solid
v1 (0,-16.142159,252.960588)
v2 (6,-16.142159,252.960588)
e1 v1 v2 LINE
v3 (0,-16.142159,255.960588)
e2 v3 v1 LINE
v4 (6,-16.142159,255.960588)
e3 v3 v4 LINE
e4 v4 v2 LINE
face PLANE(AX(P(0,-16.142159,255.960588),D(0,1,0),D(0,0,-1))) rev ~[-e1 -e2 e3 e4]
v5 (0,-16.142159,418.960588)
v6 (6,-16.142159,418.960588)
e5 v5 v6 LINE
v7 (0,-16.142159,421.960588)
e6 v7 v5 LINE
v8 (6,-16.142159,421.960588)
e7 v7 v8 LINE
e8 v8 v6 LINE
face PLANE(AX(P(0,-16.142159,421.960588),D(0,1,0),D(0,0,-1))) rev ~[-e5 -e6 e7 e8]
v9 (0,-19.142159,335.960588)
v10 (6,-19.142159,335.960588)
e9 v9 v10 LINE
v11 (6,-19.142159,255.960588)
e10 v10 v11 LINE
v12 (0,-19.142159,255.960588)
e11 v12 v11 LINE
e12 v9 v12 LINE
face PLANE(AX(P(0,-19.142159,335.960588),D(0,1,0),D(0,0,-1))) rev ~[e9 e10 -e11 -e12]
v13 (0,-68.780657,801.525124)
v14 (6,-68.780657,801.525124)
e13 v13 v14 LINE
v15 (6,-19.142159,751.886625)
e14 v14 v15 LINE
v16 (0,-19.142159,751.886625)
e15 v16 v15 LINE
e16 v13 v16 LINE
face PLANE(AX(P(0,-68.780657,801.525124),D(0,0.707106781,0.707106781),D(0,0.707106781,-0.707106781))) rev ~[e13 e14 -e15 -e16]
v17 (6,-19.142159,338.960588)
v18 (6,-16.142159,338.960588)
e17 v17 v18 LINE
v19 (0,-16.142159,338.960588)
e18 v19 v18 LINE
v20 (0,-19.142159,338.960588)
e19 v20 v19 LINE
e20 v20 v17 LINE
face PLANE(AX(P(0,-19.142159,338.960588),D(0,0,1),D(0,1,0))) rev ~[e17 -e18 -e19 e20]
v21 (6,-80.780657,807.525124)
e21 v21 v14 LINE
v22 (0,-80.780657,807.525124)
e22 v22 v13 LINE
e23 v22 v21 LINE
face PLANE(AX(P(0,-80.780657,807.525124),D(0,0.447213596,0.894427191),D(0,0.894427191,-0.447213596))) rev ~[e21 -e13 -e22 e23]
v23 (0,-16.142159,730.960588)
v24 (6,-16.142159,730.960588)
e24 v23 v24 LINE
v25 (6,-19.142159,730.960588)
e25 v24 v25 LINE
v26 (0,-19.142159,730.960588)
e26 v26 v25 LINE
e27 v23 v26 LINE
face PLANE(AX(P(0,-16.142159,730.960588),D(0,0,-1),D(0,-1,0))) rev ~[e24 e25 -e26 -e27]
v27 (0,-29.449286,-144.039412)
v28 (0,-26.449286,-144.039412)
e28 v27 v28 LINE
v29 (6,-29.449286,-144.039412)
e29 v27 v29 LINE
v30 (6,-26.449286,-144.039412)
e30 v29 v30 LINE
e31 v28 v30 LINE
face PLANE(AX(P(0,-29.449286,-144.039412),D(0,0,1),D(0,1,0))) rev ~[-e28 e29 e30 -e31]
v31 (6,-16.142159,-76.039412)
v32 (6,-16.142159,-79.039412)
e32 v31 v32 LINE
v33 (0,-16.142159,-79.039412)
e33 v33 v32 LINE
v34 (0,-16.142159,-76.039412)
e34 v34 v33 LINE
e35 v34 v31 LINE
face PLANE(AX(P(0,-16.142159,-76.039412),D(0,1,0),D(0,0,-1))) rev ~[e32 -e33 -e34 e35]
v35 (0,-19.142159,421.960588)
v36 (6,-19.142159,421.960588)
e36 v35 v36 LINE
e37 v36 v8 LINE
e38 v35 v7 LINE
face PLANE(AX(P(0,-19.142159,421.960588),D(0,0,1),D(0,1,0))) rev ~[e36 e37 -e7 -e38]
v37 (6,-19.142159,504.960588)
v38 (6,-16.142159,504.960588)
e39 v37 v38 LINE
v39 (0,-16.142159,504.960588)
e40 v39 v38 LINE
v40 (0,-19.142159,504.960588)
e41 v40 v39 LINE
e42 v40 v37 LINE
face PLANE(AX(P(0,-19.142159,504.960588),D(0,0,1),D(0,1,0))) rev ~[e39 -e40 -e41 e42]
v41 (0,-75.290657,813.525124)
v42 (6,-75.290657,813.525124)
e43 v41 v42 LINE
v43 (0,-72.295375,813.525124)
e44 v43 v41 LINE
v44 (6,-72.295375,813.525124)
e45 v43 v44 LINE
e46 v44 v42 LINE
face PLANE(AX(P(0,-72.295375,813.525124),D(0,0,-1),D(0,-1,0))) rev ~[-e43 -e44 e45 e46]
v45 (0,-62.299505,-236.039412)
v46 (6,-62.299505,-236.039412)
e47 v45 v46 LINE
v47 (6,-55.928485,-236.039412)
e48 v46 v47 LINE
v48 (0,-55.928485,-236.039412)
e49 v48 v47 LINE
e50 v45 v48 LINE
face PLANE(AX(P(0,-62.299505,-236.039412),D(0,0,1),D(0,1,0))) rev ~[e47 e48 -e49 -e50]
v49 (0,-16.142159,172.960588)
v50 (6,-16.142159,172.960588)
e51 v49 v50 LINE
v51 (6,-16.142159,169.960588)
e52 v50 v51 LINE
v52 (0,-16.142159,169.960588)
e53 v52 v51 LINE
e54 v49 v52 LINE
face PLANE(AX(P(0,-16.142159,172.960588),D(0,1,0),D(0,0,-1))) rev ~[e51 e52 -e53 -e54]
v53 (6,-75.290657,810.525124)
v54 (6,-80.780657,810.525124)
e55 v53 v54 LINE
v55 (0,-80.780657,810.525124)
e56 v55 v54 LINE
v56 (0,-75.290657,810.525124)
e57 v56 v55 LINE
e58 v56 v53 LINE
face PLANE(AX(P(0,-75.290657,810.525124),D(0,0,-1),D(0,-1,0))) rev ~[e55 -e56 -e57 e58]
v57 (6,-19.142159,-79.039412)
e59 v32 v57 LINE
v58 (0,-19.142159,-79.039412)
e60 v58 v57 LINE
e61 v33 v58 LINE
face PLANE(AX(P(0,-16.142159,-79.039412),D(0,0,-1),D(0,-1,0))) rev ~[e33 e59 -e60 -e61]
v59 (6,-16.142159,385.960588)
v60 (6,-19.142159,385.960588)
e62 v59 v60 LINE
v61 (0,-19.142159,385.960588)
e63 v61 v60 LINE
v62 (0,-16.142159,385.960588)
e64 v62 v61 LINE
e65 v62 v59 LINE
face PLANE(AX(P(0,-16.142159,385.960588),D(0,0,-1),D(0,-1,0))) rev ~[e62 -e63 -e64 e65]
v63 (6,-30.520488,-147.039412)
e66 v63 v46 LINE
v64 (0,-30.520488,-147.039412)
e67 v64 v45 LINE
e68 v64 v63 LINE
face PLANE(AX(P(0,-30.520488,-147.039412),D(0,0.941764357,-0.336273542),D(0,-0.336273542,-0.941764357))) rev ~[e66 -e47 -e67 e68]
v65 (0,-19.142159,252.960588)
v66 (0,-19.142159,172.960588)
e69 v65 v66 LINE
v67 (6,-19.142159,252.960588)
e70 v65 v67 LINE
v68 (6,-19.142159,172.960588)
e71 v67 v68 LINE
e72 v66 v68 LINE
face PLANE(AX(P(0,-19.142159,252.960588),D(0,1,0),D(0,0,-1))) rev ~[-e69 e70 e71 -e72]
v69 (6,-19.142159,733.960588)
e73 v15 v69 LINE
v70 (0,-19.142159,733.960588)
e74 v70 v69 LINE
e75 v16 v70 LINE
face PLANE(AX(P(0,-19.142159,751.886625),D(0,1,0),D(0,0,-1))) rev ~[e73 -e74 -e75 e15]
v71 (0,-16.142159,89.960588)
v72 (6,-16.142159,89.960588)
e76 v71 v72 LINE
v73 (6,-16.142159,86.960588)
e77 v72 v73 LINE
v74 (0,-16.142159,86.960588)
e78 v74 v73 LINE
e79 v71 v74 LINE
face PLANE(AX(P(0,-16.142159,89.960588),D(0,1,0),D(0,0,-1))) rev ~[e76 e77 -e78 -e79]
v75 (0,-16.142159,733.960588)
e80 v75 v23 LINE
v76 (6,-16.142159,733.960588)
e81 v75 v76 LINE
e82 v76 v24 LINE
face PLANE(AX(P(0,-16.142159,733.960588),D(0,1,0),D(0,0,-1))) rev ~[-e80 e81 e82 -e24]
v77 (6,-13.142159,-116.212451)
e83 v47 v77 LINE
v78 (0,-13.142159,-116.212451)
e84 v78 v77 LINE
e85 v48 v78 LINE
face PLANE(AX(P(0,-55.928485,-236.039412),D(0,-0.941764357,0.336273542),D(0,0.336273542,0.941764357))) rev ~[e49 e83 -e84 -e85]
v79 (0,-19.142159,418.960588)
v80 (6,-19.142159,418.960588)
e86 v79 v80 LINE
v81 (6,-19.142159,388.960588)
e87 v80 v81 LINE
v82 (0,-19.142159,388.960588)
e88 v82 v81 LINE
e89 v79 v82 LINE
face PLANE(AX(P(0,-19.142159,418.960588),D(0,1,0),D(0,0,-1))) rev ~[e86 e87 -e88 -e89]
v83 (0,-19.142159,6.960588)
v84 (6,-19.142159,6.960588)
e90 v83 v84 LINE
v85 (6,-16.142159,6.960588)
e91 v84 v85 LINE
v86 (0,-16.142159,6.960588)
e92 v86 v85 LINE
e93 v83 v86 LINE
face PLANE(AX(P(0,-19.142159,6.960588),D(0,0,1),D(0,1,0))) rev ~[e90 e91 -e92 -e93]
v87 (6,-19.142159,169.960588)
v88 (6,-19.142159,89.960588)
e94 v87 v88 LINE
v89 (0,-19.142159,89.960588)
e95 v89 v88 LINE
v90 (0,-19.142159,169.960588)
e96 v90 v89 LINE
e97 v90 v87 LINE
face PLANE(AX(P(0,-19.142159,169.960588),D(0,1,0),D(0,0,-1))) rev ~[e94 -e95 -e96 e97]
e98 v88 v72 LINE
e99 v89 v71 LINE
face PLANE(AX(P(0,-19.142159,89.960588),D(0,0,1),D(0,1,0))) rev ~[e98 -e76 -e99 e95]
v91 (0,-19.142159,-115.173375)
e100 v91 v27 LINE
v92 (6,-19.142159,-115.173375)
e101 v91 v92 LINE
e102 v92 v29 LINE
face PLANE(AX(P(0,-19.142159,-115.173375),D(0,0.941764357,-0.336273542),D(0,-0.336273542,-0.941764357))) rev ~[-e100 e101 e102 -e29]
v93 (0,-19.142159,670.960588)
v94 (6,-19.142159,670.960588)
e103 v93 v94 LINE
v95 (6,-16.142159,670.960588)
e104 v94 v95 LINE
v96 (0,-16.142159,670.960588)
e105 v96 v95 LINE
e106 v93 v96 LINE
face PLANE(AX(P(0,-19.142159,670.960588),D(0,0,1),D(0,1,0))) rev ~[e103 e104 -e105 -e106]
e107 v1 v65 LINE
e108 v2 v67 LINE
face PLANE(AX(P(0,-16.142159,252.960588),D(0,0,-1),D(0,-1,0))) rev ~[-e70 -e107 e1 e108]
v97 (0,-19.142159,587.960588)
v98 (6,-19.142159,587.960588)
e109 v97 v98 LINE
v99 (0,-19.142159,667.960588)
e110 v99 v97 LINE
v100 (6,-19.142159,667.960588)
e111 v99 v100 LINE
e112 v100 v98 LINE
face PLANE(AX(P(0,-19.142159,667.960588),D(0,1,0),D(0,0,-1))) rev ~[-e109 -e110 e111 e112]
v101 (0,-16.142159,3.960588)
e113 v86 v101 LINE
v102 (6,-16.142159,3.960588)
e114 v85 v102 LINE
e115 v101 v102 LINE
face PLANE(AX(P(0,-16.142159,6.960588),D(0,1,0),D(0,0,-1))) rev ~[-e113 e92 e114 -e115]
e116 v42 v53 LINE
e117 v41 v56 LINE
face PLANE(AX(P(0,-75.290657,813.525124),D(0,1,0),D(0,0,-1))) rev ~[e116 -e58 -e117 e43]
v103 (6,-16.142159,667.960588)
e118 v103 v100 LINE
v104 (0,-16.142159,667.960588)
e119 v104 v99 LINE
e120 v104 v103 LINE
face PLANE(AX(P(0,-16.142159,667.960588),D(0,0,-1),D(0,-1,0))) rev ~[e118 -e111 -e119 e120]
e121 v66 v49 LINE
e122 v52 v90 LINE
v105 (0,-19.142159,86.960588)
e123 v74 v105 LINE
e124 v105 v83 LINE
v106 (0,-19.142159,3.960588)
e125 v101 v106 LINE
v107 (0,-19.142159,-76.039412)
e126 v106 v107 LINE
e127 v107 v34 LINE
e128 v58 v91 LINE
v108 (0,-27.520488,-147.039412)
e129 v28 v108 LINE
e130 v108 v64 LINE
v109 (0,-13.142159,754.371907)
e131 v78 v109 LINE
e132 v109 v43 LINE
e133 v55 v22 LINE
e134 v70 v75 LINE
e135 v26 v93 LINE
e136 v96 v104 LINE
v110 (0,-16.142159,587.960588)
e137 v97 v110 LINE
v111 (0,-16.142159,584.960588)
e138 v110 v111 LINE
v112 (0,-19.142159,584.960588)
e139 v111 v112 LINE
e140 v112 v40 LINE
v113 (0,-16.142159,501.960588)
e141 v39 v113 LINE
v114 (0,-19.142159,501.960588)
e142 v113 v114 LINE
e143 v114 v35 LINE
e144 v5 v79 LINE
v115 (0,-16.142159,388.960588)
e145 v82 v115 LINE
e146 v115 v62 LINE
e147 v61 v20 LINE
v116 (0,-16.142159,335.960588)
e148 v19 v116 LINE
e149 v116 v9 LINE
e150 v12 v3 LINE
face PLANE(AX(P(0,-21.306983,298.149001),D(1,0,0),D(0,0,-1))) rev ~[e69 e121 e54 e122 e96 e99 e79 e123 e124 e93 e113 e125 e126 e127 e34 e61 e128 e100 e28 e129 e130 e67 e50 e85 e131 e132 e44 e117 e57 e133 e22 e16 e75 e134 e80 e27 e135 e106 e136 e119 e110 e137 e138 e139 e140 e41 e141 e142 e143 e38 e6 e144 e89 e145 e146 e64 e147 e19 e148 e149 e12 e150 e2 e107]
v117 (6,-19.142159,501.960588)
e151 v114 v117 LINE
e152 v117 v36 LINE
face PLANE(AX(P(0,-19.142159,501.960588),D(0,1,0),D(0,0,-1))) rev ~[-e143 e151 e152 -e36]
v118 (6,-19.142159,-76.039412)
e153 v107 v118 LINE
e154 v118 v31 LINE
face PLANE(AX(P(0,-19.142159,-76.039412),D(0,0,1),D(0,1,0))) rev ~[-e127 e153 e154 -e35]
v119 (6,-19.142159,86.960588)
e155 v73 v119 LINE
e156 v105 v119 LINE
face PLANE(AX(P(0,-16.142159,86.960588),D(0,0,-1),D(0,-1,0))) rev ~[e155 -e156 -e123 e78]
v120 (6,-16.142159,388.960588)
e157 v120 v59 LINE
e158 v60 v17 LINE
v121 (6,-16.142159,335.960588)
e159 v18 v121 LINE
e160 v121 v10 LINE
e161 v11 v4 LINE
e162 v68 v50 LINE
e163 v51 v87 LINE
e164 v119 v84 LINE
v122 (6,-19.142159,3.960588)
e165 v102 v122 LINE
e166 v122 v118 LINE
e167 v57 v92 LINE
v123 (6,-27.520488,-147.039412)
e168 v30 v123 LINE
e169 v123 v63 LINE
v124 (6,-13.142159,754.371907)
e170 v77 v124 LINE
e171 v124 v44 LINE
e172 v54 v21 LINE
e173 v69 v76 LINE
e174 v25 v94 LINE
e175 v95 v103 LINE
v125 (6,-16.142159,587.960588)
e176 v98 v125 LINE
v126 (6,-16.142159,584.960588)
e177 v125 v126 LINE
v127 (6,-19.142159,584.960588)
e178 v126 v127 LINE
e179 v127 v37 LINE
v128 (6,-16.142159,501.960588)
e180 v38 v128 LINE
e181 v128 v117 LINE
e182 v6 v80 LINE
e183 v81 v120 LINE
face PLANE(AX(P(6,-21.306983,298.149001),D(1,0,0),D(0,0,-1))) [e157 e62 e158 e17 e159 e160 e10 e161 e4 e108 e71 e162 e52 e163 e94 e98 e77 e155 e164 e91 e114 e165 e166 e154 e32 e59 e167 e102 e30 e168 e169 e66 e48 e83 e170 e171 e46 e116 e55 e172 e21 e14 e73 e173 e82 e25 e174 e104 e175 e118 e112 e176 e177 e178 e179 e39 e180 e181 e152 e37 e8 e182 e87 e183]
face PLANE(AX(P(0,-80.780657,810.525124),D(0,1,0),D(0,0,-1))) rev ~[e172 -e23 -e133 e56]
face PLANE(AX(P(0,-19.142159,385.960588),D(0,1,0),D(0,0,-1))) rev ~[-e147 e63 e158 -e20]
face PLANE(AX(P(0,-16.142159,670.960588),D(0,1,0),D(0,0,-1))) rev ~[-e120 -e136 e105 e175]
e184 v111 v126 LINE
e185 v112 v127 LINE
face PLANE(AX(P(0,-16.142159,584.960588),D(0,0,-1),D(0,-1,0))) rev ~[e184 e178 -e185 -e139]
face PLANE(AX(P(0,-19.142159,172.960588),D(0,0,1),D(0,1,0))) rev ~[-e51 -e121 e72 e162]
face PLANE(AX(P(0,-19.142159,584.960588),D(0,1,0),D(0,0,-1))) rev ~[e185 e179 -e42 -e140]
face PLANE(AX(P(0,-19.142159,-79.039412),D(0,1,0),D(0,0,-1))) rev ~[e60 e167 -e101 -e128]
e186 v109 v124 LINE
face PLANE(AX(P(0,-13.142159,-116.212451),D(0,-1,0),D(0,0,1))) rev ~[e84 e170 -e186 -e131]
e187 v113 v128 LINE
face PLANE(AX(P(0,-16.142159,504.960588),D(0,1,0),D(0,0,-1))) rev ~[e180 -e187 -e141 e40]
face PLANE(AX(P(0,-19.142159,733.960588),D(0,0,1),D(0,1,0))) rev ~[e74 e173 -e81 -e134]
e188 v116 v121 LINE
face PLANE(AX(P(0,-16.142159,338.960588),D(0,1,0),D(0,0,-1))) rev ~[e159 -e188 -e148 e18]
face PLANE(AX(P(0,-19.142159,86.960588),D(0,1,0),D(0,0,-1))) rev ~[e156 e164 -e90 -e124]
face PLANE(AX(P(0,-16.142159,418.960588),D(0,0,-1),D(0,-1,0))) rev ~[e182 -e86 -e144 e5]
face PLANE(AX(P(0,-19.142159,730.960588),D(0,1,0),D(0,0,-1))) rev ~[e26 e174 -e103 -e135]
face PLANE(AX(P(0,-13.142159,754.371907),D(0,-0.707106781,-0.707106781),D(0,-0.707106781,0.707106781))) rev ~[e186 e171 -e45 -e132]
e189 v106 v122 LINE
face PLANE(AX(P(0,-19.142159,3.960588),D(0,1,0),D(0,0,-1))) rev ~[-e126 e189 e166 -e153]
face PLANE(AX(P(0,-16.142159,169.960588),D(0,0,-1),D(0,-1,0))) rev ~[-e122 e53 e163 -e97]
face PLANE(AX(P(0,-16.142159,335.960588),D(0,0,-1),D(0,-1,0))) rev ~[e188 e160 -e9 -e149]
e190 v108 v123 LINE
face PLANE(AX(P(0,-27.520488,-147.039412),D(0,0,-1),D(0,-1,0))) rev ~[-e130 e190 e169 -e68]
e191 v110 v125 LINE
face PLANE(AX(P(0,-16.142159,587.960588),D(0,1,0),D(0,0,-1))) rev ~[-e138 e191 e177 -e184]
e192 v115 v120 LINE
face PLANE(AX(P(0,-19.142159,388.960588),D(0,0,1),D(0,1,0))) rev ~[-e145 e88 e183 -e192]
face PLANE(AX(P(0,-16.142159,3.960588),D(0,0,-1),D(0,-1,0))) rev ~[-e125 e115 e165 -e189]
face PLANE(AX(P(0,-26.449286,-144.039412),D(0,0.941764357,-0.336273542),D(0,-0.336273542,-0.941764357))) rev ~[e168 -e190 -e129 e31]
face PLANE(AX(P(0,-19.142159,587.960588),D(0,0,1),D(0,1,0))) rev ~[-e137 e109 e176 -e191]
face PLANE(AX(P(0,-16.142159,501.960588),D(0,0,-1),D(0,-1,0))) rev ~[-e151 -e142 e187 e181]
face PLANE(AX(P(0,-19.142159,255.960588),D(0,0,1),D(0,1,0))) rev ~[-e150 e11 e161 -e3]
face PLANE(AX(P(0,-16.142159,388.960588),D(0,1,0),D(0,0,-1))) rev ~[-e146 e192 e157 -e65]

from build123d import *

# Parameters (mm, degrees)
EXTRUDE_3_DEPTH = 6


with BuildPart() as part:
    # Эскиз1 → Бобышка-Вытянуть3 (new body)
    with BuildSketch(Plane(origin=(0, 0, 0), x_dir=(0, 0, -1), z_dir=(1, 0, 0))):
        Polygon((-751.886625415, -19.142158624), (-733.960587786, -19.142158624), (-733.960587786, -16.142158624), (-730.960587786, -16.142158624), (-730.960587786, -19.142158624), (-670.960587786, -19.142158624), (-670.960587786, -16.142158624), (-667.960587786, -16.142158624), (-667.960587786, -19.142158624), (-587.960587786, -19.142158624), (-587.960587786, -16.142158624), (-584.960587786, -16.142158624), (-584.960587786, -19.142158624), (-504.960587786, -19.142158624), (-504.960587786, -16.142158624), (-501.960587786, -16.142158624), (-501.960587786, -19.142158624), (-421.960587786, -19.142158624), (-421.960587786, -16.142158624), (-418.960587786, -16.142158624), (-418.960587786, -19.142158624), (-388.960587786, -19.142158624), (-388.960587786, -16.142158624), (-385.960587786, -16.142158624), (-385.960587786, -19.142158624), (-338.960587786, -19.142158624), (-338.960587786, -16.142158624), (-335.960587786, -16.142158624), (-335.960587786, -19.142158624), (-255.960587786, -19.142158624), (-255.960587786, -16.142158624), (-252.960587786, -16.142158624), (-252.960587786, -19.142158624), (-172.960587786, -19.142158624), (-172.960587786, -16.142158624), (-169.960587786, -16.142158624), (-169.960587786, -19.142158624), (-89.960587786, -19.142158624), (-89.960587786, -16.142158624), (-86.960587786, -16.142158624), (-86.960587786, -19.142158624), (-6.960587786, -19.142158624), (-6.960587786, -16.142158624), (-3.960587786, -16.142158624), (-3.960587786, -19.142158624), (76.039412214, -19.142158624), (76.039412214, -16.142158624), (79.039412214, -16.142158624), (79.039412214, -19.142158624), (115.173374585, -19.142158624), (144.039412214, -29.449285501), (144.039412214, -26.449285501), (147.039412214, -27.520488312), (147.039412214, -30.520488312), (236.039412214, -62.299505021), (236.039412214, -55.928484549), (116.212450849, -13.142158624), (-754.371906789, -13.142158624), (-813.525123531, -72.295375365), (-813.525123531, -75.29065674), (-810.525123531, -75.29065674), (-810.525123531, -80.78065674), (-807.525123531, -80.78065674), (-801.525123531, -68.78065674), align=None)
    extrude(amount=EXTRUDE_3_DEPTH)


solid = part.part
